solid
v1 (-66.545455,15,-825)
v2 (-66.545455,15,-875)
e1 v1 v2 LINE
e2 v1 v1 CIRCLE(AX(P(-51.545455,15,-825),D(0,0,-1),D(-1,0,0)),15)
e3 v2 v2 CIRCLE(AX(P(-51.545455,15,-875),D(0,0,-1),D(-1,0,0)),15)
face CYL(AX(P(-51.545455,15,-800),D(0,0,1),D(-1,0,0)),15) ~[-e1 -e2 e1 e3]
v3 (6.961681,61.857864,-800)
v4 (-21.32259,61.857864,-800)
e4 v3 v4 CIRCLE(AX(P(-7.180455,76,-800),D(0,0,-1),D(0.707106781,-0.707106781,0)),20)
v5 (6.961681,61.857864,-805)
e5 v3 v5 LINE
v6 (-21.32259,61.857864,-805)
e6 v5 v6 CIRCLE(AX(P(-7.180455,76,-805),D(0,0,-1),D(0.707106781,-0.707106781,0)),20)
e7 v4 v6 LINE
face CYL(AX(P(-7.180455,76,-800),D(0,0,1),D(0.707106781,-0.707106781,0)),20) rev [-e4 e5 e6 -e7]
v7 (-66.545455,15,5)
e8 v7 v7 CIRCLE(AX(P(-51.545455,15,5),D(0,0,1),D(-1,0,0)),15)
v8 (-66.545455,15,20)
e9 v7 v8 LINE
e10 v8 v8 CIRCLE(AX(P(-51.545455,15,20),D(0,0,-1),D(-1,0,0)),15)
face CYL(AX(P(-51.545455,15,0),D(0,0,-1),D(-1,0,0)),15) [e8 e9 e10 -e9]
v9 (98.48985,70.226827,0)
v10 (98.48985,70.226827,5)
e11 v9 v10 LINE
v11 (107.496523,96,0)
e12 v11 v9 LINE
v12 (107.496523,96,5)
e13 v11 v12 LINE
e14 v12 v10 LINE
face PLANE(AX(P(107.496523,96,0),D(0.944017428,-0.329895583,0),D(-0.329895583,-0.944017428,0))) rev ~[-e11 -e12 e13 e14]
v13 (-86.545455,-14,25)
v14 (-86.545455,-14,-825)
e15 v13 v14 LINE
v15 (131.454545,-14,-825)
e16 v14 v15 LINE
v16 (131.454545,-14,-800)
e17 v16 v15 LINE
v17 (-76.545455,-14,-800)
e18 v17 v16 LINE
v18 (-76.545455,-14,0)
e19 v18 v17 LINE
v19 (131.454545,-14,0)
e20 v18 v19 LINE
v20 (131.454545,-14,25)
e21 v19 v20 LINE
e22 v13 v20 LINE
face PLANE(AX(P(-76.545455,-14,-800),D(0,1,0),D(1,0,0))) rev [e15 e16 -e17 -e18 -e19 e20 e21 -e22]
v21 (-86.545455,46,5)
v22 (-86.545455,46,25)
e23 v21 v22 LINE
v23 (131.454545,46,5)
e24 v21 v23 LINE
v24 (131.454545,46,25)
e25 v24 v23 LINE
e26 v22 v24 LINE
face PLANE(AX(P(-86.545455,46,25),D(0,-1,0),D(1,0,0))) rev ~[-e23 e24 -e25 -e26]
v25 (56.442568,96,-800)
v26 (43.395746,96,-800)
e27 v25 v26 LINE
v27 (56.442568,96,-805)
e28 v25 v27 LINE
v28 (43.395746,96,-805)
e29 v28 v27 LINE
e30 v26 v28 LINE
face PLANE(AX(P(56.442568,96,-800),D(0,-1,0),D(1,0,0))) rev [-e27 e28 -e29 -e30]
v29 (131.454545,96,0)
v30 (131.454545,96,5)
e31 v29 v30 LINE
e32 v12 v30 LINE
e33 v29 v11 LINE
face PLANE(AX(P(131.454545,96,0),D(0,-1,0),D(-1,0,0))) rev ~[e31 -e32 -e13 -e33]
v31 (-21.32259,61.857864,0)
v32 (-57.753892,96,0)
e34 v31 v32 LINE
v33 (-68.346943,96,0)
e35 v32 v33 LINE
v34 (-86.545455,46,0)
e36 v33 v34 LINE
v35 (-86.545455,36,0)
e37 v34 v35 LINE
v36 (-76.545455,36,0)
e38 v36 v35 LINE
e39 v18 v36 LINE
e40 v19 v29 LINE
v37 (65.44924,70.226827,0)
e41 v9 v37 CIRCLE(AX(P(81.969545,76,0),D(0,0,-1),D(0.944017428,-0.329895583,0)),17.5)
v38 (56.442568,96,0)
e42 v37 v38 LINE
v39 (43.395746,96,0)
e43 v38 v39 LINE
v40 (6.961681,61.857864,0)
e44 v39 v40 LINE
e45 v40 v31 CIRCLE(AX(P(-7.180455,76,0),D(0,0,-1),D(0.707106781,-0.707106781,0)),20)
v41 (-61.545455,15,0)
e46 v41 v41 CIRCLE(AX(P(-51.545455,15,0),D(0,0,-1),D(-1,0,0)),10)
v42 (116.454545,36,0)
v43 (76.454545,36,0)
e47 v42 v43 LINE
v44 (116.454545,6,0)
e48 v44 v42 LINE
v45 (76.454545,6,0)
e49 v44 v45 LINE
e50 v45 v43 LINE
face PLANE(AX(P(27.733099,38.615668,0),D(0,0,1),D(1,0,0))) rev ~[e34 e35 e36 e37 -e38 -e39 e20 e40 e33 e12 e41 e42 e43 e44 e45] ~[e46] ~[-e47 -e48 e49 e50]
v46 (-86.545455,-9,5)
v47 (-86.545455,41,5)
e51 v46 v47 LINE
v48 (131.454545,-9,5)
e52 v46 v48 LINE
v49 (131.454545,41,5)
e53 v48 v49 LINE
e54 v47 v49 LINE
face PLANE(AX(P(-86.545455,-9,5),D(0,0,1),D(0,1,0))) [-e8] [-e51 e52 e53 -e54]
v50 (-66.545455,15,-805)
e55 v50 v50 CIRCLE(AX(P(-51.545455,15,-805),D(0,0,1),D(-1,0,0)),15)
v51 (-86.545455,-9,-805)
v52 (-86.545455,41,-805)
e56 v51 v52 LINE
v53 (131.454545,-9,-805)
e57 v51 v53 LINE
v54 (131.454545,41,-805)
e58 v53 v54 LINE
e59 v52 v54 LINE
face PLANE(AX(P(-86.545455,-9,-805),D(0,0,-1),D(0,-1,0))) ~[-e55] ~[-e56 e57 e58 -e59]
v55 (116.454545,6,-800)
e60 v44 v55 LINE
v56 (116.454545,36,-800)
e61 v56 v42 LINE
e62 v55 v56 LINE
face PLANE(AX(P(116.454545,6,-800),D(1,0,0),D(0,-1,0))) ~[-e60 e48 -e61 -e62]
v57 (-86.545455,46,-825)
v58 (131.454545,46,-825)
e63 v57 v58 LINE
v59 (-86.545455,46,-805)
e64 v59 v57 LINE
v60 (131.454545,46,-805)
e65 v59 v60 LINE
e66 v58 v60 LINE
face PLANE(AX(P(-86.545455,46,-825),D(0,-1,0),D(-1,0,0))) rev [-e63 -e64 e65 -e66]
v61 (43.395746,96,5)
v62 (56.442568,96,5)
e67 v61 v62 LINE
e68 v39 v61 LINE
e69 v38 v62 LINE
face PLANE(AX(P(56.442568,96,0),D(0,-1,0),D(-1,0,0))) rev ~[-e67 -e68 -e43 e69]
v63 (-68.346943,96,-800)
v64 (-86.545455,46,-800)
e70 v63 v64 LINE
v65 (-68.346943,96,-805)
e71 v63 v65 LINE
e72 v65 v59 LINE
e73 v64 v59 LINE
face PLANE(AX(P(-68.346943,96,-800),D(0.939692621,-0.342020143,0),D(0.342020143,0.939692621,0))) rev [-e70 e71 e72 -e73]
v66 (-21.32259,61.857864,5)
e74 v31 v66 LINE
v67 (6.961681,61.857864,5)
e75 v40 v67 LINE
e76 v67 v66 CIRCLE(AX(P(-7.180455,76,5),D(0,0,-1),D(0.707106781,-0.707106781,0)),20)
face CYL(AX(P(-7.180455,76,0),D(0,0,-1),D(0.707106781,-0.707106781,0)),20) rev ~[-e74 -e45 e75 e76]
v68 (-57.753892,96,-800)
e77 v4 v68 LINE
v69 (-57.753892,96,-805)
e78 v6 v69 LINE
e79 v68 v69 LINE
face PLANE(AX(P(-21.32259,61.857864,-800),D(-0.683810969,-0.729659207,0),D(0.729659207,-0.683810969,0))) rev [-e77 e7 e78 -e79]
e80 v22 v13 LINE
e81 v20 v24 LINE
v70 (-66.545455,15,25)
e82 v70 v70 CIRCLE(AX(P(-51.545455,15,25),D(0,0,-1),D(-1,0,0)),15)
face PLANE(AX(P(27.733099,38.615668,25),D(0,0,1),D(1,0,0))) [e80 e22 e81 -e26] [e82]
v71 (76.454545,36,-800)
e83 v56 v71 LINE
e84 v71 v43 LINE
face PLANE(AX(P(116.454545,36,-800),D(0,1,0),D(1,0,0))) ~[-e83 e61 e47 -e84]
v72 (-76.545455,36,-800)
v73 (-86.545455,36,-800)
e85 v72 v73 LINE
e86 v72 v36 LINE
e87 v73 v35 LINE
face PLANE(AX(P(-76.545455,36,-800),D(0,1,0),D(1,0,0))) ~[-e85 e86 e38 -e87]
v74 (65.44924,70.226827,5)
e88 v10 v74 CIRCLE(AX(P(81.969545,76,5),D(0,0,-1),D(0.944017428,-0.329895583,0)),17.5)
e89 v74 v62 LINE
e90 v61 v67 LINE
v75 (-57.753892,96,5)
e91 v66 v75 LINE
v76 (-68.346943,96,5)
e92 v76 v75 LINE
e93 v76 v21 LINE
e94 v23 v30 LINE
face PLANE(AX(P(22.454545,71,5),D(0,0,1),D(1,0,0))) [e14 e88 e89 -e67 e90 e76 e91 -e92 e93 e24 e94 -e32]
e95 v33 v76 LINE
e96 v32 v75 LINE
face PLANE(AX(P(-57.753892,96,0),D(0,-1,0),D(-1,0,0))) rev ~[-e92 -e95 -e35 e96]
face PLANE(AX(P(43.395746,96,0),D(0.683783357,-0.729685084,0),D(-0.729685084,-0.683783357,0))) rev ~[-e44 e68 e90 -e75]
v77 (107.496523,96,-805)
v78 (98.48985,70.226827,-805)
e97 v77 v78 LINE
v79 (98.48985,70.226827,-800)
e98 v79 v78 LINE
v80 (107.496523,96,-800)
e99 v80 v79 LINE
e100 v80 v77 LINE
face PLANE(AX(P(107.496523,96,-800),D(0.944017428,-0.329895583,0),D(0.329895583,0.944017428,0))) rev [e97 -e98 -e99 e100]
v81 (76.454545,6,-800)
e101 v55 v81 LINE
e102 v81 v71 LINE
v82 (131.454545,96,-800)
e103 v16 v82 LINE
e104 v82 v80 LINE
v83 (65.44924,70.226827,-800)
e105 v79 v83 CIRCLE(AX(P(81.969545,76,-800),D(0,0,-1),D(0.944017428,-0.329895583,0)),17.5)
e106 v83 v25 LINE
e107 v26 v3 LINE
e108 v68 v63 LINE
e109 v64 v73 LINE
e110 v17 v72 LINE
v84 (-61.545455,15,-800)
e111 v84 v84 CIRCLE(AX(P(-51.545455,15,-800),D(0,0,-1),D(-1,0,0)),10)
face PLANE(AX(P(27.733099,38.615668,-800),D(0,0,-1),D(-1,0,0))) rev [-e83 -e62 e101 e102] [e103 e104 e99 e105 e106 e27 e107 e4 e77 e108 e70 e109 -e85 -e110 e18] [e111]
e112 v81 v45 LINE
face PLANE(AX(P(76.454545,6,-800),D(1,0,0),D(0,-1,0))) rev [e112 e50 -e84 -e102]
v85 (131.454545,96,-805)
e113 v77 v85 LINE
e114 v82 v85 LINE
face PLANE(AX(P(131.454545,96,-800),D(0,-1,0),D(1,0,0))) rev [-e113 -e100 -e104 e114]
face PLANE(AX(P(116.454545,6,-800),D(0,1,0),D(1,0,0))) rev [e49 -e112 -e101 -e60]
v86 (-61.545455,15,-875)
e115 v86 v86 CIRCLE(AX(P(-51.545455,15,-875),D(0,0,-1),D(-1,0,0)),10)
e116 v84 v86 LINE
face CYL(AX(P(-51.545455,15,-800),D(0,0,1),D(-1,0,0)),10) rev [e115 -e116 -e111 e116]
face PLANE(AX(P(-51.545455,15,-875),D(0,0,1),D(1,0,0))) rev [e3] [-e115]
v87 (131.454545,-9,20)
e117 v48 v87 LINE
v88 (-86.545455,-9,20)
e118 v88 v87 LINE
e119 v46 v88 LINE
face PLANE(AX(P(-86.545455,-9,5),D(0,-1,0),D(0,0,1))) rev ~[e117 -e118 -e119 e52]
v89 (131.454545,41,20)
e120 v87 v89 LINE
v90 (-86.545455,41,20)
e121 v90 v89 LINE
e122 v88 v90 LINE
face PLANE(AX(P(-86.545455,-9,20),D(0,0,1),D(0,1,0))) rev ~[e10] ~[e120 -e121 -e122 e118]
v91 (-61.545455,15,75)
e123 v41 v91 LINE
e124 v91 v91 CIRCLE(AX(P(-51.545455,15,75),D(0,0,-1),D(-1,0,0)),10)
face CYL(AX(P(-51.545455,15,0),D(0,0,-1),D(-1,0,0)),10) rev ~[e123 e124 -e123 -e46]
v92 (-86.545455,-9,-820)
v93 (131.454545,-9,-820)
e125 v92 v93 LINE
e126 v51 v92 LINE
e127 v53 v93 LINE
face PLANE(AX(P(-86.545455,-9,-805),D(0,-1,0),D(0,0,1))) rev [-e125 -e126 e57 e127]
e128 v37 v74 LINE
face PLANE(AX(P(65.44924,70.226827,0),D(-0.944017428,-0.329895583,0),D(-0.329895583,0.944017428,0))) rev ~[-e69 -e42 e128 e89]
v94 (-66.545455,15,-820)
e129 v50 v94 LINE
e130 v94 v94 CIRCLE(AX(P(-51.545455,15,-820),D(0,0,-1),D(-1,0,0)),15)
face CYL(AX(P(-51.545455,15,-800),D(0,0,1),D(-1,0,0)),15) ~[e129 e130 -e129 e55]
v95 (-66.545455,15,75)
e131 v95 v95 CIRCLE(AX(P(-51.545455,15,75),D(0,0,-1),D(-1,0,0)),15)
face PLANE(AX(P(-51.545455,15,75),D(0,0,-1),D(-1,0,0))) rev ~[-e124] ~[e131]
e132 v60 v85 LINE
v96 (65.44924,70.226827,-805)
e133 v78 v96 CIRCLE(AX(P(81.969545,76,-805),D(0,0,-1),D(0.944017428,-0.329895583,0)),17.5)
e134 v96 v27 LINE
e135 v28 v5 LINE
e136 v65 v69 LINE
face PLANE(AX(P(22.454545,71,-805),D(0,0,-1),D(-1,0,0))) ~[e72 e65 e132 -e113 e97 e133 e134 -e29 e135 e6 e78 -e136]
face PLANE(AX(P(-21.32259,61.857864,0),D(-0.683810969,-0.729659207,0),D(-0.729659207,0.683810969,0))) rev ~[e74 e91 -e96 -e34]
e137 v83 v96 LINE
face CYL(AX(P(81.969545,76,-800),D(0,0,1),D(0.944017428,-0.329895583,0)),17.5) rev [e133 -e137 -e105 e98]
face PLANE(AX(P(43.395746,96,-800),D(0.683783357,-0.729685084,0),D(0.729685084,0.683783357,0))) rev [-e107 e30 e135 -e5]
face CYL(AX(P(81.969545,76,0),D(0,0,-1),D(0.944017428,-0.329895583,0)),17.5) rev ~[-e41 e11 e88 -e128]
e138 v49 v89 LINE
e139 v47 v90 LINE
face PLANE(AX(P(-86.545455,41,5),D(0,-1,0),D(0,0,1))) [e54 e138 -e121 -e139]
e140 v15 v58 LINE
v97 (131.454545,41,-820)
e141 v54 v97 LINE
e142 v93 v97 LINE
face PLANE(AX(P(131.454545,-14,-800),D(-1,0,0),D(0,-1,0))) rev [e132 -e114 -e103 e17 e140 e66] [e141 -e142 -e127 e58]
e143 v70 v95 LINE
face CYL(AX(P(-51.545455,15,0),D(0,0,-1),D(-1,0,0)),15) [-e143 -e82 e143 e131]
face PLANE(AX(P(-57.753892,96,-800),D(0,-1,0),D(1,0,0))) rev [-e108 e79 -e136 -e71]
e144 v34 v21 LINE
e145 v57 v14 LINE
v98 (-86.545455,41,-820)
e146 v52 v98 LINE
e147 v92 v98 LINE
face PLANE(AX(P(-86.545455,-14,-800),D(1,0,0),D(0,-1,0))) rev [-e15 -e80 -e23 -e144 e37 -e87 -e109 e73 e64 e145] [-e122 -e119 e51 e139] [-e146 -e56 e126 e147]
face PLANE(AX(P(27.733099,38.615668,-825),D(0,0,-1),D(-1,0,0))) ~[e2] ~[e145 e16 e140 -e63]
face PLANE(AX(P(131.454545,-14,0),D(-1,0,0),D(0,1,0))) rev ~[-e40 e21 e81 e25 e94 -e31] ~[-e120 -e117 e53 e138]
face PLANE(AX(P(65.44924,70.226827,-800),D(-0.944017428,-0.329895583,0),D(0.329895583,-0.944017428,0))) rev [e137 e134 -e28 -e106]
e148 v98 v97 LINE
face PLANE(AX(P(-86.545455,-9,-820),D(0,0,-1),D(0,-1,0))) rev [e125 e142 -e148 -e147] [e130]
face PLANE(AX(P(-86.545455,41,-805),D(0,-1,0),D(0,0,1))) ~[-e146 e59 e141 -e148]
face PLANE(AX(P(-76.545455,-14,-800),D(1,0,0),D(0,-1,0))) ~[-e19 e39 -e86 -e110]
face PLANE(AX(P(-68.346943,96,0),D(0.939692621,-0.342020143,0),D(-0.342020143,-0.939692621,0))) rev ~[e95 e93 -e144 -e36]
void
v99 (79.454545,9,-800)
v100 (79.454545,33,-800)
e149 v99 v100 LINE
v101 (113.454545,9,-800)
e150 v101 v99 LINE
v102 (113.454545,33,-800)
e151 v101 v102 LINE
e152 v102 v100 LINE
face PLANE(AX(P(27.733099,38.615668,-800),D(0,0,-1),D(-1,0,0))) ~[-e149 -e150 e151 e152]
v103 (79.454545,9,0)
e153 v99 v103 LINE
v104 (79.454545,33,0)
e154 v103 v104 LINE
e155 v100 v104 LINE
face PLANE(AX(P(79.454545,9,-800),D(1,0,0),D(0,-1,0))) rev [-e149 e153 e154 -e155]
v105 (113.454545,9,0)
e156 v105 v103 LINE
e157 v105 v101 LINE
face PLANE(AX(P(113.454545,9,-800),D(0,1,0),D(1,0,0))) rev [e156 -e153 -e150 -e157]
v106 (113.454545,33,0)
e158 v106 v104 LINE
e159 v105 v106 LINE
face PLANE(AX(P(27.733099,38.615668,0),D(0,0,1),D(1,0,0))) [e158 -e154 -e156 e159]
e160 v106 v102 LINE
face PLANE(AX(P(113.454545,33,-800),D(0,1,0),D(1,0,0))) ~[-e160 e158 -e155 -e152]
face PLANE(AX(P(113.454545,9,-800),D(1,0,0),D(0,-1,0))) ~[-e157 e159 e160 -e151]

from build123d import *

# Parameters (mm, degrees)
SKETCH3_R           = 15
BOSS_EXTRUDE1_DEPTH = 25
SKETCH5_W           = 218
SKETCH5_H           = 50
CUT_EXTRUDE1_DEPTH  = 20
SKETCH7_W           = 15
SKETCH7_H           = 50
CUT_EXTRUDE3_DEPTH  = 219
SKETCH8_R           = 15
SKETCH8_R_2         = 10
BOSS_EXTRUDE7_DEPTH = 75
SKETCH9_W           = 10
SKETCH9_H           = 50
BOSS_EXTRUDE8_DEPTH = 400
SKETCH10_W          = 40
SKETCH10_H          = 30
SKETCH10_W_2        = 34
SKETCH10_H_2        = 24
BOSS_EXTRUDE9_DEPTH = 400


with BuildPart() as part:
    # Sketch3 → Boss-Extrude1 (new body)
    with BuildSketch(Plane.XY):
        with BuildLine():
            Line((-68.346942832, 96), (-86.545454545, 46))
            Line((-86.545454545, 46), (-86.545454545, -14))
            Line((-86.545454545, -14), (131.454545455, -14))
            Line((131.454545455, -14), (131.454545455, 96))
            Line((131.454545455, 96), (107.496522982, 96))
            Line((107.496522982, 96), (98.489850442, 70.226827292))
            ThreePointArc((98.489850442, 70.226827292), (81.969545455, 58.5), (65.449240467, 70.226827292))
            Line((65.449240467, 70.226827292), (56.442567927, 96))
            Line((56.442567927, 96), (43.395745829, 96))
            Line((43.395745829, 96), (6.961681078, 61.857864376))
            ThreePointArc((6.961681078, 61.857864376), (-7.180454545, 56), (-21.322590169, 61.857864376))
            Line((-21.322590169, 61.857864376), (-57.753891674, 96))
            Line((-57.753891674, 96), (-68.346942832, 96))
        make_face()
        with Locations((-51.545454545, 15)):
            Circle(SKETCH3_R, mode=Mode.SUBTRACT)
    extrude(amount=BOSS_EXTRUDE1_DEPTH)

    # Sketch5 → Cut-Extrude1 (cut)
    with BuildSketch(Plane.XY.offset(25)):
        with Locations((22.454545455, 71)):
            Rectangle(SKETCH5_W, SKETCH5_H)
    extrude(amount=-CUT_EXTRUDE1_DEPTH, mode=Mode.SUBTRACT)

    # Sketch7 → Cut-Extrude3 (cut, through all)
    with BuildSketch(Plane.ZY.offset(86.545454545)):
        with Locations((12.5, 16)):
            Rectangle(SKETCH7_W, SKETCH7_H)
    extrude(amount=-CUT_EXTRUDE3_DEPTH, mode=Mode.SUBTRACT)

    # Sketch8 → Boss-Extrude7 (add)
    with BuildSketch(Plane(origin=(0, 0, 0), x_dir=(-1, 0, 0), z_dir=(0, 0, -1))):
        with Locations((51.545454545, 15)):
            Circle(SKETCH8_R)
        with Locations((51.545454545, 15)):
            Circle(SKETCH8_R_2, mode=Mode.SUBTRACT)
    extrude(amount=-BOSS_EXTRUDE7_DEPTH)

    # Sketch9 → Boss-Extrude8 (add)
    with BuildSketch(Plane(origin=(0, 0, 0), x_dir=(-1, 0, 0), z_dir=(0, 0, -1))):
        with Locations((81.545454545, 11)):
            Rectangle(SKETCH9_W, SKETCH9_H)
    extrude(amount=BOSS_EXTRUDE8_DEPTH)

    # Sketch10 → Boss-Extrude9 (add)
    with BuildSketch(Plane(origin=(0, 0, 0), x_dir=(-1, 0, 0), z_dir=(0, 0, -1))):
        with Locations((-96.454545455, 21)):
            Rectangle(SKETCH10_W, SKETCH10_H)
        with Locations((-96.454545455, 21)):
            Rectangle(SKETCH10_W_2, SKETCH10_H_2, mode=Mode.SUBTRACT)
    extrude(amount=BOSS_EXTRUDE9_DEPTH)

    # Mirror1: part across plane


with BuildPart() as part_1:
    add(part.part)
    add(part.part.mirror(Plane(origin=(0, 0, -400), x_dir=(1, 0, 0), z_dir=(0, 0, -1))))


solid = part_1.part
